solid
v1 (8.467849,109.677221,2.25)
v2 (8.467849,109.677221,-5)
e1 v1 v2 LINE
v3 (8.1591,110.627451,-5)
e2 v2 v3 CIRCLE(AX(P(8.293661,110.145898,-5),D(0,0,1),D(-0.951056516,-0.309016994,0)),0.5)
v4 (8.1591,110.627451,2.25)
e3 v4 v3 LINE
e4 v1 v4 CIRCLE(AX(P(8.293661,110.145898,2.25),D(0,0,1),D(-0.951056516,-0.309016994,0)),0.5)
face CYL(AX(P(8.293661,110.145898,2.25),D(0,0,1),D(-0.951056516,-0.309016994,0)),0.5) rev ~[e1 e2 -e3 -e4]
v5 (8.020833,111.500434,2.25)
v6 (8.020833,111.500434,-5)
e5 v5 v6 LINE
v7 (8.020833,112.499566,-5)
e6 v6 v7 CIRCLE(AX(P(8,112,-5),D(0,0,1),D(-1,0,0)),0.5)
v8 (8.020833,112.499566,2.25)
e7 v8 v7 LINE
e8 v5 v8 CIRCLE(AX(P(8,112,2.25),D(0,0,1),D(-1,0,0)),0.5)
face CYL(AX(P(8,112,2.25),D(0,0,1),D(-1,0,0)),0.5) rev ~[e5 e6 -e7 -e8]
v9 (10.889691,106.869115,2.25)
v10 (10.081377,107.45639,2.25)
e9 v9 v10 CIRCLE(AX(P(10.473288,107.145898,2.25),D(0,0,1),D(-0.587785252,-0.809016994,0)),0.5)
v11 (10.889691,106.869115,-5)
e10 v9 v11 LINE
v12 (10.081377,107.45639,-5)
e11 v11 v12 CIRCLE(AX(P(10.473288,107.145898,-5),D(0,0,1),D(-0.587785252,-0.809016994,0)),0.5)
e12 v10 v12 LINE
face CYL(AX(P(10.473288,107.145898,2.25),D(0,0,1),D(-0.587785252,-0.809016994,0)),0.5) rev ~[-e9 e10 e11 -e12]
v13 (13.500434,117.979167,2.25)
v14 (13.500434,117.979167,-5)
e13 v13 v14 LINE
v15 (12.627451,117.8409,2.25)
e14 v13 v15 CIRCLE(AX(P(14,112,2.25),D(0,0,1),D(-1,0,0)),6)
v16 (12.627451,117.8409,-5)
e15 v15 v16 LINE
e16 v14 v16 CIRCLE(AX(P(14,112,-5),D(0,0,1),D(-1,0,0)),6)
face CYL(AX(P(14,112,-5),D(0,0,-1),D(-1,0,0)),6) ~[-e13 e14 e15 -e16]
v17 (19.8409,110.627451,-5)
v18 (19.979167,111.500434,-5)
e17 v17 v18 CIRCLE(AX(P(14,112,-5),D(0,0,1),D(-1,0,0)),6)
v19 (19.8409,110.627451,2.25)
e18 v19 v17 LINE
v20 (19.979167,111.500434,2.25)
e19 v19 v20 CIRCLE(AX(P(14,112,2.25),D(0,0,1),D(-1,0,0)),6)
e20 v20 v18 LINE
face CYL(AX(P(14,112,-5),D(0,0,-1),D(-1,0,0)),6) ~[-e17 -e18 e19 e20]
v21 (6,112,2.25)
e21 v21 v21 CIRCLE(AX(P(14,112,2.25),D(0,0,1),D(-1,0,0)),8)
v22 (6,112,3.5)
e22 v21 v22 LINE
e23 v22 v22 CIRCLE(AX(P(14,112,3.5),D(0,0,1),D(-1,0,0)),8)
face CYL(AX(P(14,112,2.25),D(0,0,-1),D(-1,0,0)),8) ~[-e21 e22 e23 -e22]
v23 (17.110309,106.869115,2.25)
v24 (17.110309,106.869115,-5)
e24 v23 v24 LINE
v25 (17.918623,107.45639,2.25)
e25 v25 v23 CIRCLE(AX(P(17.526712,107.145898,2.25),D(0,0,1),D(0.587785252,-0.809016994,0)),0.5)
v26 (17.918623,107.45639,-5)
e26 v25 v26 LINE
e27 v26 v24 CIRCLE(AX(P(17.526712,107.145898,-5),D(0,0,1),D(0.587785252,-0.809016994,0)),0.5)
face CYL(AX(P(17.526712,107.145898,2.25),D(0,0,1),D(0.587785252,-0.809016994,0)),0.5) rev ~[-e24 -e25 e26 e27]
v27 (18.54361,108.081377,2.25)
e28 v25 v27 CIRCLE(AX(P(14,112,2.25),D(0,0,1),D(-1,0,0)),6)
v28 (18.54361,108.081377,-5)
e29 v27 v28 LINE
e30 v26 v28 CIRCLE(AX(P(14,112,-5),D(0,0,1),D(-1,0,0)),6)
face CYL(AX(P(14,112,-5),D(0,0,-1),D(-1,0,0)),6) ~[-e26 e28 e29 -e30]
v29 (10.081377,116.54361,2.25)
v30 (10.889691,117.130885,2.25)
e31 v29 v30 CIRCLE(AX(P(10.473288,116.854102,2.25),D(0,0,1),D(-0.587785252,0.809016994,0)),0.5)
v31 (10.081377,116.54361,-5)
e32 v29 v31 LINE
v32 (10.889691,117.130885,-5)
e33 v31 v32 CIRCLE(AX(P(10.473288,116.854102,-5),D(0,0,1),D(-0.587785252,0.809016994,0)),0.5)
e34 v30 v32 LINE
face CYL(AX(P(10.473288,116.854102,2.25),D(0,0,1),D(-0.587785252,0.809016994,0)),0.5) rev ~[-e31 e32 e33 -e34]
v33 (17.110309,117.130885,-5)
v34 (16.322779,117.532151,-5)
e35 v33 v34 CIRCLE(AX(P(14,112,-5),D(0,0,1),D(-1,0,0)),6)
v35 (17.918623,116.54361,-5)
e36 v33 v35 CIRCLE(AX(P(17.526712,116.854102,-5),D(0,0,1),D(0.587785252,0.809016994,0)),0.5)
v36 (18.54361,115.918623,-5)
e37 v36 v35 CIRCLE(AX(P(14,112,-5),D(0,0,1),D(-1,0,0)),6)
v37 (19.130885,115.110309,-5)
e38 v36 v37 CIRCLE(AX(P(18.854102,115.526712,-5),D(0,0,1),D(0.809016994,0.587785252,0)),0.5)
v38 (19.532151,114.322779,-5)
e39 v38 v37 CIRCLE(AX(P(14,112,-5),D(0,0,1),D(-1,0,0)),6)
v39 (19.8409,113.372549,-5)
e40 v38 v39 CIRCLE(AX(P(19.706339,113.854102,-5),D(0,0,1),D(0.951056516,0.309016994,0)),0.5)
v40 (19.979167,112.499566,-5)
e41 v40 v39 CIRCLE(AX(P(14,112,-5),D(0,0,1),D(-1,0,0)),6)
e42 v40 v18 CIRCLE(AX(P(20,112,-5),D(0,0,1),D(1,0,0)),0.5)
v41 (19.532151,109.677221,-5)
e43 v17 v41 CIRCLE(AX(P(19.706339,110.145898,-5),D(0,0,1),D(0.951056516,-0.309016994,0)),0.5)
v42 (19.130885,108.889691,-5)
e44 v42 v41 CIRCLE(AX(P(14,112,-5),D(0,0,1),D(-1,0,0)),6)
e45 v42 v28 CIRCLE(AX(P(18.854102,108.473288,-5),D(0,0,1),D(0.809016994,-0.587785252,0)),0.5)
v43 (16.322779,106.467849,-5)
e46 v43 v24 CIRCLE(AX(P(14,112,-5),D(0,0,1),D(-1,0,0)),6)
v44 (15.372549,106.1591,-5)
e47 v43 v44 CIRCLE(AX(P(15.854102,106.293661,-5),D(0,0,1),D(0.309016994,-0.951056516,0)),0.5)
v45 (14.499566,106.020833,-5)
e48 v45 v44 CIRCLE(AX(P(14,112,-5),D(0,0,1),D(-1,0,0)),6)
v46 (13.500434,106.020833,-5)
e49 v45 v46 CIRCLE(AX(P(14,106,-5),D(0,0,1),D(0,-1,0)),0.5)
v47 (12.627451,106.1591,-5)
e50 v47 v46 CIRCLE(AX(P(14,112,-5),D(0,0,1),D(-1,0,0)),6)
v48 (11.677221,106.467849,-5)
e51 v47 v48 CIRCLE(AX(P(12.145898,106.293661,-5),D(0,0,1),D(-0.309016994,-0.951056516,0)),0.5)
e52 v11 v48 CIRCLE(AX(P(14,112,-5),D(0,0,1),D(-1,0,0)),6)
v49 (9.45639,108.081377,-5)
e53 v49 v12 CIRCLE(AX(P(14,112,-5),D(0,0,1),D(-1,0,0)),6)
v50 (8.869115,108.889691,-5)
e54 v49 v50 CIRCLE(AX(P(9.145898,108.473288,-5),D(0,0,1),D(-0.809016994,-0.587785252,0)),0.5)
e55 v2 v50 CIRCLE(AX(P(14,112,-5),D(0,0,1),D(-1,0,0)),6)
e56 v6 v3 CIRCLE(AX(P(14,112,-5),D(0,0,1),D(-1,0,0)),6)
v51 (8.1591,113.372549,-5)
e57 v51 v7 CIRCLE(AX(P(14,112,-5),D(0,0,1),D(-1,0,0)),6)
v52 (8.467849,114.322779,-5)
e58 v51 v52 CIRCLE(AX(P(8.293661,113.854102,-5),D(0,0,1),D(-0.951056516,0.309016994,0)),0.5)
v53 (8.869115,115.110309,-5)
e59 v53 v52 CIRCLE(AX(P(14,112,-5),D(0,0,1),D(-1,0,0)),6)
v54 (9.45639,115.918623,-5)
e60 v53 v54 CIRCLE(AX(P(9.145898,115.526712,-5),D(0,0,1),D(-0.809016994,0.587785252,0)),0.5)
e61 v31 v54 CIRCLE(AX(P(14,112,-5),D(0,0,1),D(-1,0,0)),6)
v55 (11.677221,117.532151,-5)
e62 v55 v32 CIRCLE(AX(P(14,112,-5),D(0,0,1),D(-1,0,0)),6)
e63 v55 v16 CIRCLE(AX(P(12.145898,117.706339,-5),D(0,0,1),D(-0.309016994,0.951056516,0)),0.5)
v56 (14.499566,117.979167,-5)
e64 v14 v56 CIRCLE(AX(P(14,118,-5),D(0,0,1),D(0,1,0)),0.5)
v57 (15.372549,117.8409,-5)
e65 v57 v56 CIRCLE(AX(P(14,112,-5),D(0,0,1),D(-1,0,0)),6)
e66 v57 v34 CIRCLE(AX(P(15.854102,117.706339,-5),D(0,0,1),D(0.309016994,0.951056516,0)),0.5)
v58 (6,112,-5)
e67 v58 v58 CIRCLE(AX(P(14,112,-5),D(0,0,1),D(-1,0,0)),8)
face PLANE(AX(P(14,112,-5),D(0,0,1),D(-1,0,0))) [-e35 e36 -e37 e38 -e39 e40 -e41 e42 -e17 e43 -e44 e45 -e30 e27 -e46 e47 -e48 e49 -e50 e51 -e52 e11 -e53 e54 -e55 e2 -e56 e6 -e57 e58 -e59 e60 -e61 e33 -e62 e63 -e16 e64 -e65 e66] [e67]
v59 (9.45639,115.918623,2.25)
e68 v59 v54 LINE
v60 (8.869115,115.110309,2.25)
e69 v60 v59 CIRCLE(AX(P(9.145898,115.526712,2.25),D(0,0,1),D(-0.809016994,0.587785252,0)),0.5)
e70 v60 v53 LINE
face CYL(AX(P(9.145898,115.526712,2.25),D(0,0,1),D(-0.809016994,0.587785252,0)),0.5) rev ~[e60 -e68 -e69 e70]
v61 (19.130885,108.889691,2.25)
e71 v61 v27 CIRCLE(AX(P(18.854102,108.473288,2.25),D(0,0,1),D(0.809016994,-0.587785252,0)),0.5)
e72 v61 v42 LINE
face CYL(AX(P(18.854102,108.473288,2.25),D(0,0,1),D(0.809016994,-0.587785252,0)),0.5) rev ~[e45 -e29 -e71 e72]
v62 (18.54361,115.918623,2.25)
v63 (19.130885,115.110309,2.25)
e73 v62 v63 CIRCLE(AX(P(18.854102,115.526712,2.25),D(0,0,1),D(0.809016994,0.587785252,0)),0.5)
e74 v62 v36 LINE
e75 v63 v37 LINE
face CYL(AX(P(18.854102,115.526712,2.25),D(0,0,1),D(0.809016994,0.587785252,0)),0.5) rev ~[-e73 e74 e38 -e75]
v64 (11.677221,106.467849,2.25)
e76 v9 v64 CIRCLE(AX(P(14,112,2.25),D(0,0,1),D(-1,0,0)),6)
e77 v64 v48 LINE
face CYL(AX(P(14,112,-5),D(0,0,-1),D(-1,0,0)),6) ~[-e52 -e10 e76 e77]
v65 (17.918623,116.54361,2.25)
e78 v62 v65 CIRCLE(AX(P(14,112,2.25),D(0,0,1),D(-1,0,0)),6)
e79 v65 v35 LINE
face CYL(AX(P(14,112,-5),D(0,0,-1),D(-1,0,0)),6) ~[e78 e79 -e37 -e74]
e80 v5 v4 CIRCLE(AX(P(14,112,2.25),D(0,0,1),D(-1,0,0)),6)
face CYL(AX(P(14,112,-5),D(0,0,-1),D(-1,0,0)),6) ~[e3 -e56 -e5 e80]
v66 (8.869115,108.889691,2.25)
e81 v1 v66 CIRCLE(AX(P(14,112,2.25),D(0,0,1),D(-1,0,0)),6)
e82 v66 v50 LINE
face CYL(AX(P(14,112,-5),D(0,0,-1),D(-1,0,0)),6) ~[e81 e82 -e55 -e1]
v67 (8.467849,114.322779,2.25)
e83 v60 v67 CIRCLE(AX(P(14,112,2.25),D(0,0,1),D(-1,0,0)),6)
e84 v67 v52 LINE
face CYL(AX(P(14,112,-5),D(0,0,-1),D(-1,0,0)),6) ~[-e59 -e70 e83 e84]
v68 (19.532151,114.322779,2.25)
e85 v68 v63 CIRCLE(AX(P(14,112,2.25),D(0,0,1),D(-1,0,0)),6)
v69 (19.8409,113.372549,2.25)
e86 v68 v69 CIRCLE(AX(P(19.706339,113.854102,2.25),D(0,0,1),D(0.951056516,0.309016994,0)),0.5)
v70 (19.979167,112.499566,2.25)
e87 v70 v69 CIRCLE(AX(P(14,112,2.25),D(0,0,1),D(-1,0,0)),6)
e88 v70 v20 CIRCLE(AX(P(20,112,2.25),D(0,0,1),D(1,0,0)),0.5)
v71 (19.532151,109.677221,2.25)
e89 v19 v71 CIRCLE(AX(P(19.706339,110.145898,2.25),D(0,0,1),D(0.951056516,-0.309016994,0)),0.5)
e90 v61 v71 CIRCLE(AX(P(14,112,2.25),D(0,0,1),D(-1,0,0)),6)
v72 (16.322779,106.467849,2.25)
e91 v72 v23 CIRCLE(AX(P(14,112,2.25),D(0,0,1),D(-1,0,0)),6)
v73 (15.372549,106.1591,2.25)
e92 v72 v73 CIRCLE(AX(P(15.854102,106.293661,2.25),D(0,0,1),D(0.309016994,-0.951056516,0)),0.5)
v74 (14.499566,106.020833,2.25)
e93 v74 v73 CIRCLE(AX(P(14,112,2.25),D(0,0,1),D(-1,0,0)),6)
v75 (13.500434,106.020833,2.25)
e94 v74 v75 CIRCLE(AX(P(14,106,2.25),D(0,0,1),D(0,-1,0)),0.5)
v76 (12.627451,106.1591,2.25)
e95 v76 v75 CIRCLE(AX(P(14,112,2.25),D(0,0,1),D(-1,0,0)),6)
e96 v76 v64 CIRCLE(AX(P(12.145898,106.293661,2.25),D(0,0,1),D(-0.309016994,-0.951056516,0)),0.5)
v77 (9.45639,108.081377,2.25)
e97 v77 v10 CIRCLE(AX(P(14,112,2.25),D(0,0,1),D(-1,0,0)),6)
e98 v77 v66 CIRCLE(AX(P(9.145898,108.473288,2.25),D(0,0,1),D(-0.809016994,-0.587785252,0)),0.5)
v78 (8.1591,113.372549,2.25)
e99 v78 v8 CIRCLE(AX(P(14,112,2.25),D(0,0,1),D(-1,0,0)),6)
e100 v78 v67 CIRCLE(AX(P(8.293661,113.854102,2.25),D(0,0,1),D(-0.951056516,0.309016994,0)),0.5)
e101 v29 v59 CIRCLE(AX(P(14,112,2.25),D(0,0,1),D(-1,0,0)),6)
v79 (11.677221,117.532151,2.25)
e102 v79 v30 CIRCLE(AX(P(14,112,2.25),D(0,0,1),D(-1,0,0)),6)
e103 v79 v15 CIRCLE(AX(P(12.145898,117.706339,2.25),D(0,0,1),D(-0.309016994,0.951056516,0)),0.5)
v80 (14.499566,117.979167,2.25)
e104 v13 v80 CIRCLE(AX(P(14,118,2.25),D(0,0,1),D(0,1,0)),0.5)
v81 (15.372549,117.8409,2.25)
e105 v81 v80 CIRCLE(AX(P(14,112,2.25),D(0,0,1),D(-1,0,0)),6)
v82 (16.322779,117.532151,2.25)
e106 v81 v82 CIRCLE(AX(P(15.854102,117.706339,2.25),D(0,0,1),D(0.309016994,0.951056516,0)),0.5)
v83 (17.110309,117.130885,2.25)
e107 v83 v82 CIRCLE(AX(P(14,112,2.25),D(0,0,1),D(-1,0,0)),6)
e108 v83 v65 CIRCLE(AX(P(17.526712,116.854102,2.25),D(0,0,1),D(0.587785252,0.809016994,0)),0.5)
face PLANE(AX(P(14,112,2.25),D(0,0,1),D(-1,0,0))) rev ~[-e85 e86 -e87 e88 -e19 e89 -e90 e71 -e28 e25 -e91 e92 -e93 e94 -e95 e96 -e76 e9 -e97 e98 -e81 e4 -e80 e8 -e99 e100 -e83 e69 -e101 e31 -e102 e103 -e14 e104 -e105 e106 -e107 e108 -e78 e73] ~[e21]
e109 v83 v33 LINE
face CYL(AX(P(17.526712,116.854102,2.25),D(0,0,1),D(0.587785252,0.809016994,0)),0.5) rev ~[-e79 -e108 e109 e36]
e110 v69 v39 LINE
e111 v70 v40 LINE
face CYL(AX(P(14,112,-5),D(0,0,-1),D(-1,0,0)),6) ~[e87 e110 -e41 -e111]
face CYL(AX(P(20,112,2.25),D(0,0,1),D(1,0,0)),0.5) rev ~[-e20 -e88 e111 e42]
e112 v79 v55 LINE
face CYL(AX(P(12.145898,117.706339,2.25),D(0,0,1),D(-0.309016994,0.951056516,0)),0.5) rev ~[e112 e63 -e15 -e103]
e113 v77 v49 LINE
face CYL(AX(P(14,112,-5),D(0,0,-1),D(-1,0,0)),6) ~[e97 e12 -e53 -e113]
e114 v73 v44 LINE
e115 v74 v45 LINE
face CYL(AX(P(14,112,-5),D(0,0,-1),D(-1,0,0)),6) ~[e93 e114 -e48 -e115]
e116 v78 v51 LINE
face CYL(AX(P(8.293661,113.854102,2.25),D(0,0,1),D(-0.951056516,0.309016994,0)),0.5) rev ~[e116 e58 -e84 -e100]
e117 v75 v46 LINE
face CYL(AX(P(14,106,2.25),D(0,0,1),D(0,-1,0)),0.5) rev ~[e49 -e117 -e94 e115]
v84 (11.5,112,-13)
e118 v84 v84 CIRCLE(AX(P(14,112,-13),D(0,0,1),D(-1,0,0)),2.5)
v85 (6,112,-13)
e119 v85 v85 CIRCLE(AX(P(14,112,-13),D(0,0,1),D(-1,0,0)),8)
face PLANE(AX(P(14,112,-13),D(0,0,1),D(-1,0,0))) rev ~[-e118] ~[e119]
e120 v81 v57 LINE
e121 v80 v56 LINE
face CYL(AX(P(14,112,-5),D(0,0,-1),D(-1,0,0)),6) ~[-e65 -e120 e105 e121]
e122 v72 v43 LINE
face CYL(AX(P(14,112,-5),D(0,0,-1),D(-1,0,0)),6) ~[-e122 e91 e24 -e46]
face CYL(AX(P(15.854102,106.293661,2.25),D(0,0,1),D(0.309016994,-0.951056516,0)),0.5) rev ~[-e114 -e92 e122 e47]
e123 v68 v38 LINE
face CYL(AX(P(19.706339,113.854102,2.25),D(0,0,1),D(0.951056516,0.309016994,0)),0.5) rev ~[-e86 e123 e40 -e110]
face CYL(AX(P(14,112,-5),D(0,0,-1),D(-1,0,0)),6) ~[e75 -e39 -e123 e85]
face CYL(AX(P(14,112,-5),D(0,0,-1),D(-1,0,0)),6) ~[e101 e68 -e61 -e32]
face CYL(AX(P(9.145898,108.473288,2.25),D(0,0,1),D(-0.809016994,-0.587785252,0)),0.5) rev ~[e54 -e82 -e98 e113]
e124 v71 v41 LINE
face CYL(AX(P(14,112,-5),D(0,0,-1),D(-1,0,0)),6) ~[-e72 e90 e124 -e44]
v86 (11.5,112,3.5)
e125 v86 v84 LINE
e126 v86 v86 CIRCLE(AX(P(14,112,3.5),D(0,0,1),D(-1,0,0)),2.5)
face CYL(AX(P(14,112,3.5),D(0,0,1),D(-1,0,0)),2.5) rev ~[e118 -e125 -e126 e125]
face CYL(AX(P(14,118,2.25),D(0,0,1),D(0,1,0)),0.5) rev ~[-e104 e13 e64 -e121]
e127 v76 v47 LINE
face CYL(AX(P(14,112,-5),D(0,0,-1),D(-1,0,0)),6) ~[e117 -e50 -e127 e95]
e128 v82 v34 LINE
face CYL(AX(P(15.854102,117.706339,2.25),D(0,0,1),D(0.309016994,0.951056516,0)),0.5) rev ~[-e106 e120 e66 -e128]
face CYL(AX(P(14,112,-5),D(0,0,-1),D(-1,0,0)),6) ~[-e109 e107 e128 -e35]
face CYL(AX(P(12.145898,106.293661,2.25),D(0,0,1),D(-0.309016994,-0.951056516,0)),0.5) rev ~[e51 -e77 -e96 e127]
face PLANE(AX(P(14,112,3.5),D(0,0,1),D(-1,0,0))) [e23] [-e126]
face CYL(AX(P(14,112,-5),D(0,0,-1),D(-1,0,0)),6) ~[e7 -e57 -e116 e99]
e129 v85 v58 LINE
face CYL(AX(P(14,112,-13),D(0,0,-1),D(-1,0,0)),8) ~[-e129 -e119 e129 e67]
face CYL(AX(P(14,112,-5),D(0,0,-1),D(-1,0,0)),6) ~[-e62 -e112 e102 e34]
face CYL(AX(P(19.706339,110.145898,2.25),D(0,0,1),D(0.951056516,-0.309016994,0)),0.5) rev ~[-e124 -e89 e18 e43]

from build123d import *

# Parameters (mm, degrees)
SKETCH025_R              = 8
PAD014_DEPTH             = 8
SKETCH026_R              = 6
PAD015_DEPTH             = 7.25
SKETCH027_R              = 0.5
POCKET008_DEPTH          = 7.25
POLARPATTERN_COUNT       = 20
SKETCH028_R              = 8
PAD016_DEPTH             = 1.25
SKETCH029_R              = 2.5
POCKET009_DEPTH          = 16.5
CLONE007_PLACEMENT_ANGLE = 180


with BuildPart() as part:
    # Sketch025 → Pad014 (new body)
    with BuildSketch(Plane(origin=(20, -80, 0), x_dir=(1, 0, 0), z_dir=(0, 0, -1))):
        Circle(SKETCH025_R)
    extrude(amount=PAD014_DEPTH)

    # Sketch026 → Pad015 (new body)
    with BuildSketch(Plane(origin=(20, -80, -8), x_dir=(1, 0, 0), z_dir=(0, 0, -1))):
        Circle(SKETCH026_R)
    extrude(amount=PAD015_DEPTH)

    # Sketch027 → Pocket008 (cut)
    with BuildSketch(Plane(origin=(20, -80, -15.25), x_dir=(1, 0, 0), z_dir=(0, 0, -1))):
        with Locations((6, 0)):
            Circle(SKETCH027_R)
    pocket008 = extrude(amount=-POCKET008_DEPTH, mode=Mode.SUBTRACT)

    # PolarPattern: Pocket008 ×20 about axis
    polarpattern_axis = Axis((20, -80, -15.25), (0, 0, -1))
    for i in range(1, POLARPATTERN_COUNT):
        add(pocket008.rotate(polarpattern_axis, i * 360 / POLARPATTERN_COUNT), mode=Mode.SUBTRACT)

    # Sketch028 → Pad016 (new body)
    with BuildSketch(Plane(origin=(20, -80, -15.25), x_dir=(1, 0, 0), z_dir=(0, 0, -1))):
        Circle(SKETCH028_R)
    extrude(amount=PAD016_DEPTH)

    # Sketch029 → Pocket009 (cut)
    with BuildSketch(Plane(origin=(20, -80, -16.5), x_dir=(1, 0, 0), z_dir=(0, 0, -1))):
        Circle(SKETCH029_R)
    extrude(amount=-POCKET009_DEPTH, mode=Mode.SUBTRACT)


with BuildPart() as part_1:
    # Clone007 placement: moved
    add(part.part.moved(Location((34, 192, -13))).rotate(Axis((34, 192, -13), (0, -1, 0)), CLONE007_PLACEMENT_ANGLE))


solid = part_1.part
